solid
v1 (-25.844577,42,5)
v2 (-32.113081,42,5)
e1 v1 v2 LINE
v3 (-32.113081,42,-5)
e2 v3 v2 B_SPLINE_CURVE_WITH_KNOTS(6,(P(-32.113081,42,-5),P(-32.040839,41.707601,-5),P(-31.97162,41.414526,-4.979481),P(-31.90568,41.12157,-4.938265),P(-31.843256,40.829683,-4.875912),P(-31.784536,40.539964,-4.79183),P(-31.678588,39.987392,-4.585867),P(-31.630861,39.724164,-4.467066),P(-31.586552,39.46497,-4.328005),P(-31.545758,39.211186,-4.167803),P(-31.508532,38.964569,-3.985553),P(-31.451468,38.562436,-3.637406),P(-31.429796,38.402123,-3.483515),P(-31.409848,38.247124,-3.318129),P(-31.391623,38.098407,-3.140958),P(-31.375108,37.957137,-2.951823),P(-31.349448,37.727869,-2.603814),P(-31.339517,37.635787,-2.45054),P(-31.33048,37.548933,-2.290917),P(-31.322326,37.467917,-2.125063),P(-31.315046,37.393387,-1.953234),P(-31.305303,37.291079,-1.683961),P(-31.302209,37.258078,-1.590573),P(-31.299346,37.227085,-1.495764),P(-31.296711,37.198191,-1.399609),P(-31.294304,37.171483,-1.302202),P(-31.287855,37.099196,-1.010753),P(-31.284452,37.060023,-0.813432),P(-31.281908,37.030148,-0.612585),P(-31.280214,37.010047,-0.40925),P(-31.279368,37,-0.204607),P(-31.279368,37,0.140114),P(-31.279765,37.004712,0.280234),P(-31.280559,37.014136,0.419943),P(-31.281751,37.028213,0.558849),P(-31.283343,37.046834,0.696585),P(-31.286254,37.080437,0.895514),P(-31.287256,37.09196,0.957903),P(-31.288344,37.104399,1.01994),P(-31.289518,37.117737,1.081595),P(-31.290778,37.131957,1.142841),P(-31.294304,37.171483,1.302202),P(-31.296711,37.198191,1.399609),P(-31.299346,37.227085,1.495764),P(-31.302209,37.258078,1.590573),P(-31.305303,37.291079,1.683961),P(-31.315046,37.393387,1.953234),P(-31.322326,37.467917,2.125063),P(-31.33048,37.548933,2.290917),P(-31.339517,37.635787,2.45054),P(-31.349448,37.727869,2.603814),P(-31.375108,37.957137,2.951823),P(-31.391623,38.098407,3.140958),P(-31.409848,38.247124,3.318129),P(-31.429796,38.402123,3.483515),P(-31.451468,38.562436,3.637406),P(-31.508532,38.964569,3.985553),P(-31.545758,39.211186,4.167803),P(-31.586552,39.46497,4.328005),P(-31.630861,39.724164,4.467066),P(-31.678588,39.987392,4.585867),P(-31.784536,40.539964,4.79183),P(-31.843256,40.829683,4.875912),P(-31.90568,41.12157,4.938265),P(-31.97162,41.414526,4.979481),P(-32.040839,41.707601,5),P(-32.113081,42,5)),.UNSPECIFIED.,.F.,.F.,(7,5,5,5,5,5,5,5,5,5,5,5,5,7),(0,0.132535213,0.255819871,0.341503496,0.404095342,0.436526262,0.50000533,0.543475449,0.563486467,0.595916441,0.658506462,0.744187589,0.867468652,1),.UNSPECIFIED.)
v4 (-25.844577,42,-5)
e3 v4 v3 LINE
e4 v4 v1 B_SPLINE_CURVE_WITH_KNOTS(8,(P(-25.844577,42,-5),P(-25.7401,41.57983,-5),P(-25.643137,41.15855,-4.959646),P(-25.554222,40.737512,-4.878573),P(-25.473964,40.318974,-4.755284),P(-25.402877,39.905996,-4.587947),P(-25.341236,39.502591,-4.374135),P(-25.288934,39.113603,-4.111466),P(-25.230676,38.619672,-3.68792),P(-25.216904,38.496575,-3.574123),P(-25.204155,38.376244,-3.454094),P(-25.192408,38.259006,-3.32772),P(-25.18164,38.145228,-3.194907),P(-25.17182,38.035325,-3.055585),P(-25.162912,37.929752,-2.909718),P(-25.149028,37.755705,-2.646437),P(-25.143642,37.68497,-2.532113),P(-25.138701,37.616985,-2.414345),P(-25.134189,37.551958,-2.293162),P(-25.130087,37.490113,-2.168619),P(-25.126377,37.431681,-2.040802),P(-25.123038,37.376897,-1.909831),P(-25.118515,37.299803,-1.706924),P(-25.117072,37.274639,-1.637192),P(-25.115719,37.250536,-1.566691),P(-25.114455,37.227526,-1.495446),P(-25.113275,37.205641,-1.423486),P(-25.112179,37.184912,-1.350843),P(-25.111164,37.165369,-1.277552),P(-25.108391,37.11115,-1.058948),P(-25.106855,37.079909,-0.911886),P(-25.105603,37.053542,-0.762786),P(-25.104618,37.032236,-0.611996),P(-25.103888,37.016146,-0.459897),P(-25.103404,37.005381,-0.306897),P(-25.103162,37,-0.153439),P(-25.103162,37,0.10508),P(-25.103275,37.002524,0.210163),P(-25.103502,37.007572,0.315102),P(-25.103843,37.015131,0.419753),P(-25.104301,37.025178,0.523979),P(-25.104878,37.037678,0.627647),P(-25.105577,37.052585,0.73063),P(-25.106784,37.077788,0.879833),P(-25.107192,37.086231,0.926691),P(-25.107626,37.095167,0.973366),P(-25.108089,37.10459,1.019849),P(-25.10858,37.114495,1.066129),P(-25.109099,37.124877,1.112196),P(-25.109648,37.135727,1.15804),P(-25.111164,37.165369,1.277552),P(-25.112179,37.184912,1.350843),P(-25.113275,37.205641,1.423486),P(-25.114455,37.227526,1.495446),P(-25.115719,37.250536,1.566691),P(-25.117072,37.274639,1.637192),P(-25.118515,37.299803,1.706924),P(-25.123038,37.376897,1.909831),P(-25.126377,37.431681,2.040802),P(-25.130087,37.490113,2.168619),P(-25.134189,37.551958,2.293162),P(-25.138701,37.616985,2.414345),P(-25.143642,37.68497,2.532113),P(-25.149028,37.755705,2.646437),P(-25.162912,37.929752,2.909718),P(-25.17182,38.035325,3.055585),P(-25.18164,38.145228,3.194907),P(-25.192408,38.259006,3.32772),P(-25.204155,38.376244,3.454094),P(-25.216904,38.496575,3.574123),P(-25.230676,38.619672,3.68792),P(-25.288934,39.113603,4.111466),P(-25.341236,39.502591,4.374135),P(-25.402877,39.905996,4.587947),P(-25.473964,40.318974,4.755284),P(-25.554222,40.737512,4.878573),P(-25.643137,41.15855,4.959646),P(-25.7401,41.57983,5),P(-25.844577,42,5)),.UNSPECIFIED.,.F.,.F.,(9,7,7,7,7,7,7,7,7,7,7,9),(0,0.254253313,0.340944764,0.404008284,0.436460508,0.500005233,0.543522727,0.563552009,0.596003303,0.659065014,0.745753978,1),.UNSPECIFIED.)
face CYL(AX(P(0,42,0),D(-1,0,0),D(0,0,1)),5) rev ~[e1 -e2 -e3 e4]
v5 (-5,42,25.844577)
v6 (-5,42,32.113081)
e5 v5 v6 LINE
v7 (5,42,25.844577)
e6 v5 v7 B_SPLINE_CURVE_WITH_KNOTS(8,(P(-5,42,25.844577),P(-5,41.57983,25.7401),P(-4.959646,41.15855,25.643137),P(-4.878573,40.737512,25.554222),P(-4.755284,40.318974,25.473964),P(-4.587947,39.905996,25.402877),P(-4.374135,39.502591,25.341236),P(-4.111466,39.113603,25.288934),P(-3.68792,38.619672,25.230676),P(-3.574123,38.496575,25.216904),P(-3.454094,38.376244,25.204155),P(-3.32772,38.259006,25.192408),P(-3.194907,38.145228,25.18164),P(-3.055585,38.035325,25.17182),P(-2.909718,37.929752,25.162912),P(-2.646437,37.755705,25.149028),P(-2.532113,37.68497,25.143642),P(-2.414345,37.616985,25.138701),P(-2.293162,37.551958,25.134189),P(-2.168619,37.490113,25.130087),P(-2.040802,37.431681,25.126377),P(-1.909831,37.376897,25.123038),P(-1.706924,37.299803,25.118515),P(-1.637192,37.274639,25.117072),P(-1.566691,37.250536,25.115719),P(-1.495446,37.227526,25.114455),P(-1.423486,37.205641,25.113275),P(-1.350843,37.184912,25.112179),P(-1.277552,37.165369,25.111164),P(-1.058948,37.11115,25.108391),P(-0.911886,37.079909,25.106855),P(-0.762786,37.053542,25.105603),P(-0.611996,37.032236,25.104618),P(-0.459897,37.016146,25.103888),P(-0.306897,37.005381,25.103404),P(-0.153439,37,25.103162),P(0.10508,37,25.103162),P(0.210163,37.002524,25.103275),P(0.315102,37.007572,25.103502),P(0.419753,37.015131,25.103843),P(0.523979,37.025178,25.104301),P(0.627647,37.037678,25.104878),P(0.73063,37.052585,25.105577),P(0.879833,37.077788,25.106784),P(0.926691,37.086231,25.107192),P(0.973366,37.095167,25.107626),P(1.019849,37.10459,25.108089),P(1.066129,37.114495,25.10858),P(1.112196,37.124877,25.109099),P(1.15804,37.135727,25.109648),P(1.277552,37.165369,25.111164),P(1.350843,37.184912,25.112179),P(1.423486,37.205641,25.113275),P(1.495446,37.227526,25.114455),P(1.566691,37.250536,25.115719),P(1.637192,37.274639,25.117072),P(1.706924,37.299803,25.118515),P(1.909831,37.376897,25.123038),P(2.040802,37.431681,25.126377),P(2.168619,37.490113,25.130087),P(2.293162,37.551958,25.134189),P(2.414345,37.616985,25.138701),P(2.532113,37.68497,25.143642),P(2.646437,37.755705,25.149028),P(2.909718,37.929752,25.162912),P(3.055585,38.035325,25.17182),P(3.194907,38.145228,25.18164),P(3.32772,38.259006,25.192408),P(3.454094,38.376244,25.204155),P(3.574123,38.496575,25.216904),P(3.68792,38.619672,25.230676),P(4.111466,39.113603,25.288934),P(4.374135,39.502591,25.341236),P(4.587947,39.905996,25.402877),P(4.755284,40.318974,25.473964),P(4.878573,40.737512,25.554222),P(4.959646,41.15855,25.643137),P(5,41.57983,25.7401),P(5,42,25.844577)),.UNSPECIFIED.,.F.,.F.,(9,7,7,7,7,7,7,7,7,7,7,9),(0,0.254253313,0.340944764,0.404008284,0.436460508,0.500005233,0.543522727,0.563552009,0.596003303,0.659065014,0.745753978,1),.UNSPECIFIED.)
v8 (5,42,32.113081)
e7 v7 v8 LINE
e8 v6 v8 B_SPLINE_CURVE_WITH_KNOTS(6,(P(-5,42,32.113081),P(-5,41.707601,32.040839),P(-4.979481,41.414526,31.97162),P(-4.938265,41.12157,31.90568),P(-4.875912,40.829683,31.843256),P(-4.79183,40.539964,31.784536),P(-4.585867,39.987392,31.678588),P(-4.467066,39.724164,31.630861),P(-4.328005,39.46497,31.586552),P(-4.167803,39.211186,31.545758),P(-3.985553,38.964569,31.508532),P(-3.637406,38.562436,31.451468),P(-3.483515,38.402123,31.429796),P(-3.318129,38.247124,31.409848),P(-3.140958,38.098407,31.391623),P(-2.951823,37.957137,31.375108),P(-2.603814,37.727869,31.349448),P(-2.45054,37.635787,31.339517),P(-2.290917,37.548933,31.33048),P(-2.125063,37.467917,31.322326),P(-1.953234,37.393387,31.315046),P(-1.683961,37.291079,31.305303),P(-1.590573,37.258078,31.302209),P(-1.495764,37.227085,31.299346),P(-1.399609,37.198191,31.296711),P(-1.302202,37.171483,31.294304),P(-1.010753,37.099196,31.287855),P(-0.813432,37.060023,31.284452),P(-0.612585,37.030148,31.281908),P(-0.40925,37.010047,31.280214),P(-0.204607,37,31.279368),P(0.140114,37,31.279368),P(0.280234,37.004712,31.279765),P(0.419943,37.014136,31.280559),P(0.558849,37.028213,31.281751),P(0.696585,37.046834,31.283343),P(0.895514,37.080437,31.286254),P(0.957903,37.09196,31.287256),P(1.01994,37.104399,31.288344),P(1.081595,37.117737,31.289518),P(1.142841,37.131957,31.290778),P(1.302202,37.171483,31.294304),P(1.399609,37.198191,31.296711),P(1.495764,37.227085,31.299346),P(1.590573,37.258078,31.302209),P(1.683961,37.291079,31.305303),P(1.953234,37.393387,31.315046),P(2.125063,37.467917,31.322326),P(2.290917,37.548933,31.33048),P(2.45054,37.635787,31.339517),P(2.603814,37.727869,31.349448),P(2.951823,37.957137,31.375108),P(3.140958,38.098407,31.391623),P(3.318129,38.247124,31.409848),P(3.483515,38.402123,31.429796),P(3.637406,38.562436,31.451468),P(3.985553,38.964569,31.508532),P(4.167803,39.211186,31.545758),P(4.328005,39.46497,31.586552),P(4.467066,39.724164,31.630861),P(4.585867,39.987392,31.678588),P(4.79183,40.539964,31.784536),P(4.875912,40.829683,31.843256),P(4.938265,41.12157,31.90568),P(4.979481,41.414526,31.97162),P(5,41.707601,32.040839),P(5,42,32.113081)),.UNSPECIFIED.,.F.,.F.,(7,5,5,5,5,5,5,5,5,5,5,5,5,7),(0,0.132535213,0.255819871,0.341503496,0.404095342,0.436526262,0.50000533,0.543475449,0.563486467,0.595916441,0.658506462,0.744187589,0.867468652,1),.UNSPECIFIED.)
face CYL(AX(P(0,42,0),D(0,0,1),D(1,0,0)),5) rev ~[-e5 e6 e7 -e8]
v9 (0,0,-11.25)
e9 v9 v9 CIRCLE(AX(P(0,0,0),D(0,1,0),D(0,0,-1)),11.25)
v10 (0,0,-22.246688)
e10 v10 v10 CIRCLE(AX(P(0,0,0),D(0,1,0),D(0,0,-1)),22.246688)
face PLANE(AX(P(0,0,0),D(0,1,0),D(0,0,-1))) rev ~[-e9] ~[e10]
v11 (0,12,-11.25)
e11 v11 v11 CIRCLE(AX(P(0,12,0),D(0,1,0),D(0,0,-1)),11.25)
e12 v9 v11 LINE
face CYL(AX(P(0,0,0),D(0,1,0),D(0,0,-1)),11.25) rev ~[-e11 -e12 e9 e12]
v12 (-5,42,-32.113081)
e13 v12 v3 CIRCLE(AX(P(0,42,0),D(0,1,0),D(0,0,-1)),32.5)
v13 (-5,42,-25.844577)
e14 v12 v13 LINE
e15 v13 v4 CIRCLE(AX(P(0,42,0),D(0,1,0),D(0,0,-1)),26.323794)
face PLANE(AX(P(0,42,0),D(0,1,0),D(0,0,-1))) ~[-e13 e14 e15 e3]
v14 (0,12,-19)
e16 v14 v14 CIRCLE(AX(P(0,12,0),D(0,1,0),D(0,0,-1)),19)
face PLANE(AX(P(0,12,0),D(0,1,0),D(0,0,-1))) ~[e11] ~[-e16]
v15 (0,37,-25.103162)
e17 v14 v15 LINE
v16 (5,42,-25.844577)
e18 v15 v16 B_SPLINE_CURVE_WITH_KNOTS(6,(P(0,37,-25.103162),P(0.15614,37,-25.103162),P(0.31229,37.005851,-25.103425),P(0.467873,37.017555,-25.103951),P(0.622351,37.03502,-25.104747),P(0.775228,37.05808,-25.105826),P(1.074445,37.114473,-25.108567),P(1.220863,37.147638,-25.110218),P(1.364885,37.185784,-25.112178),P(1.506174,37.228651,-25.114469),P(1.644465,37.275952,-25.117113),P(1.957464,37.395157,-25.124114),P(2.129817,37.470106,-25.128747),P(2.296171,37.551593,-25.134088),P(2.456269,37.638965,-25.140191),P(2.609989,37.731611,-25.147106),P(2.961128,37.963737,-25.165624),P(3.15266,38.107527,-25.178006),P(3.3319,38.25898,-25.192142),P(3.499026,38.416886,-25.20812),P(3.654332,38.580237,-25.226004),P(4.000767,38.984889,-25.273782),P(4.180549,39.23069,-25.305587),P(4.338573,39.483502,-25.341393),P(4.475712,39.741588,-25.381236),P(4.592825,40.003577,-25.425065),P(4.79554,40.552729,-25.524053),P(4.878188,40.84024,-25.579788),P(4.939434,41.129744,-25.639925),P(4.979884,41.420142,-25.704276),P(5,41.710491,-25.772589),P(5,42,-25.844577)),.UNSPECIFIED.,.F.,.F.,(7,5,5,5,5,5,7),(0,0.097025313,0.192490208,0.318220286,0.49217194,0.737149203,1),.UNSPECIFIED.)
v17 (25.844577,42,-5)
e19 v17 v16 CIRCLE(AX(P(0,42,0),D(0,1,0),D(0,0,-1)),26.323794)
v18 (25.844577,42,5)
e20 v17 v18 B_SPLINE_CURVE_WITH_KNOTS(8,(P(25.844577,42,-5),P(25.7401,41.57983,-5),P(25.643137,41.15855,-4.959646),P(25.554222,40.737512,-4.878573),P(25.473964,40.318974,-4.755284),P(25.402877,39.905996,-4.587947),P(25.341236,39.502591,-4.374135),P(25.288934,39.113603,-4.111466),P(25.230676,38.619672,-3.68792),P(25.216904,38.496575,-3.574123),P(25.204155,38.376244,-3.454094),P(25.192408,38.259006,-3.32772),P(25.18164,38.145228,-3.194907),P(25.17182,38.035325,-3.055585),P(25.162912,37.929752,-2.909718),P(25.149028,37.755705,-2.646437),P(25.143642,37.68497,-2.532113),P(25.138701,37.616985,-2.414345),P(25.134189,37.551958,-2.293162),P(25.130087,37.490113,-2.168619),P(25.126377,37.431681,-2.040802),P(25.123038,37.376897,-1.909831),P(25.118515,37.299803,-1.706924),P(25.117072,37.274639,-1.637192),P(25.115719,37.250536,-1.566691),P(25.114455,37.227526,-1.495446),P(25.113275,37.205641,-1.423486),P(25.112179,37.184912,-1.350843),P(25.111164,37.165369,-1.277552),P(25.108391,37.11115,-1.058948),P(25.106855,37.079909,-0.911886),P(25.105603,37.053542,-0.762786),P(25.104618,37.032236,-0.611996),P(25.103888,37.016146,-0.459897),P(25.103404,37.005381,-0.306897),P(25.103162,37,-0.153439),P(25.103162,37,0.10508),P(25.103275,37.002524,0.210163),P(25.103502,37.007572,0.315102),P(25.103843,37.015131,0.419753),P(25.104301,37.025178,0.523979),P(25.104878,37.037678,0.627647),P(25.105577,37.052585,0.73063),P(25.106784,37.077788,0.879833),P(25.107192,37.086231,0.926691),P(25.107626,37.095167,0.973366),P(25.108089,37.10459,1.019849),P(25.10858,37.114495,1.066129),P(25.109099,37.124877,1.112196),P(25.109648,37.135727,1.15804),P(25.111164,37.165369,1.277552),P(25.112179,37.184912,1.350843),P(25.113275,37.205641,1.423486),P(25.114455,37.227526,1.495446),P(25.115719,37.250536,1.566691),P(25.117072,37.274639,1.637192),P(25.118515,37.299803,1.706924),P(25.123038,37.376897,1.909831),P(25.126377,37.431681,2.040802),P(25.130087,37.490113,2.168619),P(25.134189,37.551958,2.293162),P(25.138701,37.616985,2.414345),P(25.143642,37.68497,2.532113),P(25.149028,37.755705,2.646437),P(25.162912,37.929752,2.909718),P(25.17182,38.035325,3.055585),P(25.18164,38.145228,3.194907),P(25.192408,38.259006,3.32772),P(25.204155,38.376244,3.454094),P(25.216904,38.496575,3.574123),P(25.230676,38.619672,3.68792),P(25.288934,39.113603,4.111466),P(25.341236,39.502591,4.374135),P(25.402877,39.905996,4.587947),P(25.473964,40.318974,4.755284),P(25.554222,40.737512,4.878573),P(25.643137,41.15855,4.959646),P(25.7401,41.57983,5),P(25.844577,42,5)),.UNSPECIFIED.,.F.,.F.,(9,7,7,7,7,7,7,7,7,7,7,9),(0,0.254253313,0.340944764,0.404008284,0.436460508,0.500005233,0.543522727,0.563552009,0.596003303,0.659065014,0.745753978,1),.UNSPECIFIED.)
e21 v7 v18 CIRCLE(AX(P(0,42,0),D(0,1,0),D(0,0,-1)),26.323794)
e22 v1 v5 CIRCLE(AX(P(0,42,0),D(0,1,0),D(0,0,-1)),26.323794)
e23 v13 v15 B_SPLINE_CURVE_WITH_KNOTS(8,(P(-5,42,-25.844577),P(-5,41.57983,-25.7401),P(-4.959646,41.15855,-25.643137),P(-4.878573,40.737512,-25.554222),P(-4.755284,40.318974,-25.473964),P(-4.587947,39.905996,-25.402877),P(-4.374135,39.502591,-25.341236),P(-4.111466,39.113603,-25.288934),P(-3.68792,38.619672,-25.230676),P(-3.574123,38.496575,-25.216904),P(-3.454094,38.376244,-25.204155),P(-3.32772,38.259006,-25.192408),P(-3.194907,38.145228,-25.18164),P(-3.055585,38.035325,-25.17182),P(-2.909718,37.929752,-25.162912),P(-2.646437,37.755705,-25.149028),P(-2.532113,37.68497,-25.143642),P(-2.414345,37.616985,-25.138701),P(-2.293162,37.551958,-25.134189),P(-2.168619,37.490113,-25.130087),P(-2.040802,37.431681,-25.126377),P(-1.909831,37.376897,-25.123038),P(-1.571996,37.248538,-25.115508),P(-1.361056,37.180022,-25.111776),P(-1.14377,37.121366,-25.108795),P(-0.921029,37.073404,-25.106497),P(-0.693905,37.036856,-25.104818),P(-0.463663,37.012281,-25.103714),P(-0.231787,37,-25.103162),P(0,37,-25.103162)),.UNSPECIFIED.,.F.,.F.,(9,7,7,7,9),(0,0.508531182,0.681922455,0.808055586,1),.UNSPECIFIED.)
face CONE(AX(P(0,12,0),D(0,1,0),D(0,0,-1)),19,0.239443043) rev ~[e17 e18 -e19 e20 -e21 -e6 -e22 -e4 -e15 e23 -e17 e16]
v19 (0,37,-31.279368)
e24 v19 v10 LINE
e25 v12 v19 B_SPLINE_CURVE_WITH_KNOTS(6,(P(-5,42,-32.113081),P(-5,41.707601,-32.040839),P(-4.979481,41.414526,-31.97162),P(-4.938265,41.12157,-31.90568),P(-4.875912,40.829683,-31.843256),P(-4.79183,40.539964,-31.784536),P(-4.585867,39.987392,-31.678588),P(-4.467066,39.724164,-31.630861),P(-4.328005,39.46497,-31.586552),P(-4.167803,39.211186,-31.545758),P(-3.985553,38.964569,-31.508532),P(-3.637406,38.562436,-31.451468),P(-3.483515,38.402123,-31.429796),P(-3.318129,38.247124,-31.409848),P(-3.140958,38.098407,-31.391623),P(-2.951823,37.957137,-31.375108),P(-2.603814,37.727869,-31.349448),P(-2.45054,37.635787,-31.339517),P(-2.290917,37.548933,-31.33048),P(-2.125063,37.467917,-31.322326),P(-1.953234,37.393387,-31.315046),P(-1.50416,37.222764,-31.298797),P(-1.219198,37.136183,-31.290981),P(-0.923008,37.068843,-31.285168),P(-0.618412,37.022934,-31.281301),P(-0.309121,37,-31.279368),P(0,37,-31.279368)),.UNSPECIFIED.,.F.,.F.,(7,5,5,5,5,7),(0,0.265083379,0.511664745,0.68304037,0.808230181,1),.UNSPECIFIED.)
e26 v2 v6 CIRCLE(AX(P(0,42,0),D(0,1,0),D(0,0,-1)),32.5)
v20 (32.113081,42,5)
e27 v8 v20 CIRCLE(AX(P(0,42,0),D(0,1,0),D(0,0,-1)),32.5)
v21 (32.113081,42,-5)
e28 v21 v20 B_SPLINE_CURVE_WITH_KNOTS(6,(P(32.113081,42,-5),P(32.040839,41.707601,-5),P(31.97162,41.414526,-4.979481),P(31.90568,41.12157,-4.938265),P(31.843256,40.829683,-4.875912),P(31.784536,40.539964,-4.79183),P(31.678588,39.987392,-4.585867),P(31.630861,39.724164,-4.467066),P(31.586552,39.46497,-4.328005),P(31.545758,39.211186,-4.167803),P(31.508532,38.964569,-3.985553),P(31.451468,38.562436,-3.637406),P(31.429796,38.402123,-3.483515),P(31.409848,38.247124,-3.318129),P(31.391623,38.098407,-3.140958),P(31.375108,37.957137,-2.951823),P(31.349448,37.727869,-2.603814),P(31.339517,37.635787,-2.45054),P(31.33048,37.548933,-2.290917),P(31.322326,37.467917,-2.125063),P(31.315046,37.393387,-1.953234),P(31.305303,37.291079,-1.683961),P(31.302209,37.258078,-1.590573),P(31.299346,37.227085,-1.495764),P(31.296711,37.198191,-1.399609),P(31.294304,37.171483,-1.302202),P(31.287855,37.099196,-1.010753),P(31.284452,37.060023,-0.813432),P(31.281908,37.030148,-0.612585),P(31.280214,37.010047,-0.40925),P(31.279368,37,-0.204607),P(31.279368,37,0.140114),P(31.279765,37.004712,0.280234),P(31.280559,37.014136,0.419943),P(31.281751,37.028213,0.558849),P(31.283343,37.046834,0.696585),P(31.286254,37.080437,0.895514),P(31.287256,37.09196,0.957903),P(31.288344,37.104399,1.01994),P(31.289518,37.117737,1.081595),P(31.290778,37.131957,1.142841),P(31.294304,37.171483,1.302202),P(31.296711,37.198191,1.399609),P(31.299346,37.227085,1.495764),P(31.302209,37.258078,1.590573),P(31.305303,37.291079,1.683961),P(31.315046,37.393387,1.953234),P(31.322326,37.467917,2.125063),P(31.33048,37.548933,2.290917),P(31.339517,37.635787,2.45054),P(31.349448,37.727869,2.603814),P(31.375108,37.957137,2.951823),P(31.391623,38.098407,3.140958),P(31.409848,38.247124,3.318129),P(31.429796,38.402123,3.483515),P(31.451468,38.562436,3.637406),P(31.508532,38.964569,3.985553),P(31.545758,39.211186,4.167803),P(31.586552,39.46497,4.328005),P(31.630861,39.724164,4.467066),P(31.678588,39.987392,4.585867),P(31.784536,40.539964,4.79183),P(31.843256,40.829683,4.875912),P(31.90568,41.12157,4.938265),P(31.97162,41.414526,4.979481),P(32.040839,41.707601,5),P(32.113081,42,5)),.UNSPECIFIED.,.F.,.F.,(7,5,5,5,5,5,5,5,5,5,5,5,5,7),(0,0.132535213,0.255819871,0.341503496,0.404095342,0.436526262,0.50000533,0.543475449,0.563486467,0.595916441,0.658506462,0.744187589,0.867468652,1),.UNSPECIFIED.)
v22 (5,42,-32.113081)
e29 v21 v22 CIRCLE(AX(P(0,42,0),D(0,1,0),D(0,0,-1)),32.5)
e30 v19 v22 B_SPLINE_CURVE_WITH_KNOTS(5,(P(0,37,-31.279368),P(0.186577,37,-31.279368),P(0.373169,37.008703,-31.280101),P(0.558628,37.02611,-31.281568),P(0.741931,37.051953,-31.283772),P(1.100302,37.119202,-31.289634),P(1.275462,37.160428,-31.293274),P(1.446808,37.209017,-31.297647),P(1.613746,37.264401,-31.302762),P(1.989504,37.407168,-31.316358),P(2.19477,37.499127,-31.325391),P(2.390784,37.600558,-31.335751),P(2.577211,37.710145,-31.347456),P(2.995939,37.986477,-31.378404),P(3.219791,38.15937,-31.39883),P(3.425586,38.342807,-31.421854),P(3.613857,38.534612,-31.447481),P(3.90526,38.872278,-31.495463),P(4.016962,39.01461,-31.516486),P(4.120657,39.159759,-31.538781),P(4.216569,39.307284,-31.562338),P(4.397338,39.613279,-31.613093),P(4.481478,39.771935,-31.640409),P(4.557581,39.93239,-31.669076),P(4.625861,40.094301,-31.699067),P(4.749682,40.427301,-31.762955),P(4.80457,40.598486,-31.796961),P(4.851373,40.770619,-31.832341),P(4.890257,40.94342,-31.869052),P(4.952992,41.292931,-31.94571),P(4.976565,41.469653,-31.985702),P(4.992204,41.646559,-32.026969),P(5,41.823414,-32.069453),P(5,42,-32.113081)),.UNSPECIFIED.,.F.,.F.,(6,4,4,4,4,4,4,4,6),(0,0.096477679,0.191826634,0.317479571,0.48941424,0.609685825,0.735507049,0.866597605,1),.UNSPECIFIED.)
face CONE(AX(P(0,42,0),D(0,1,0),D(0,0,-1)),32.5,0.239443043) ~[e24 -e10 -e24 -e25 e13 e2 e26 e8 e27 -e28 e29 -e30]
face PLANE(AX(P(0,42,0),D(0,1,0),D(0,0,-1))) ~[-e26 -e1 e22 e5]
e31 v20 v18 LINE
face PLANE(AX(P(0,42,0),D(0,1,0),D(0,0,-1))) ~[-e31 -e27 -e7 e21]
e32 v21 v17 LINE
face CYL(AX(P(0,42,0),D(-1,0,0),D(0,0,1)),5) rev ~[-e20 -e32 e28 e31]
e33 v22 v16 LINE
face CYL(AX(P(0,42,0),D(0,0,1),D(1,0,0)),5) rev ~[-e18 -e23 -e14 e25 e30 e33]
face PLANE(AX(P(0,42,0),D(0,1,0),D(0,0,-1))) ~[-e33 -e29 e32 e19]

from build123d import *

# Parameters (mm, degrees)
SKETCH3_R          = 5
CUT_EXTRUDE1_DEPTH = 63.261545114
CIRPATTERN1_COUNT  = 4


with BuildPart() as part:
    # Sketch2 → Revolve1 (revolve)
    with BuildSketch(Plane.XY, mode=Mode.PRIVATE) as revolve1_sk:
        Polygon((11.25, 0), (11.25, 12), (19, 12), (26.323794171, 42), (32.5, 42), (22.246688161, 0), align=None)
    revolve(revolve1_sk.sketch.rotate(Axis((0, 0, 0), (0, 1, 0)), 90), axis=Axis((0, 0, 0), (0, 1, 0)))

    # Sketch3 → Cut-Extrude1 (cut, symmetric)
    with BuildSketch(Plane.XY):
        with Locations((0, 42)):
            Circle(SKETCH3_R)
    cut_extrude1 = extrude(amount=CUT_EXTRUDE1_DEPTH, both=True, mode=Mode.SUBTRACT)

    # CirPattern1: Cut-Extrude1 ×4 about axis
    cirpattern1_axis = Axis((0, 0, 0), (0, -1, 0))
    for i in range(1, CIRPATTERN1_COUNT):
        add(cut_extrude1.rotate(cirpattern1_axis, i * 360 / CIRPATTERN1_COUNT), mode=Mode.SUBTRACT)


solid = part.part
